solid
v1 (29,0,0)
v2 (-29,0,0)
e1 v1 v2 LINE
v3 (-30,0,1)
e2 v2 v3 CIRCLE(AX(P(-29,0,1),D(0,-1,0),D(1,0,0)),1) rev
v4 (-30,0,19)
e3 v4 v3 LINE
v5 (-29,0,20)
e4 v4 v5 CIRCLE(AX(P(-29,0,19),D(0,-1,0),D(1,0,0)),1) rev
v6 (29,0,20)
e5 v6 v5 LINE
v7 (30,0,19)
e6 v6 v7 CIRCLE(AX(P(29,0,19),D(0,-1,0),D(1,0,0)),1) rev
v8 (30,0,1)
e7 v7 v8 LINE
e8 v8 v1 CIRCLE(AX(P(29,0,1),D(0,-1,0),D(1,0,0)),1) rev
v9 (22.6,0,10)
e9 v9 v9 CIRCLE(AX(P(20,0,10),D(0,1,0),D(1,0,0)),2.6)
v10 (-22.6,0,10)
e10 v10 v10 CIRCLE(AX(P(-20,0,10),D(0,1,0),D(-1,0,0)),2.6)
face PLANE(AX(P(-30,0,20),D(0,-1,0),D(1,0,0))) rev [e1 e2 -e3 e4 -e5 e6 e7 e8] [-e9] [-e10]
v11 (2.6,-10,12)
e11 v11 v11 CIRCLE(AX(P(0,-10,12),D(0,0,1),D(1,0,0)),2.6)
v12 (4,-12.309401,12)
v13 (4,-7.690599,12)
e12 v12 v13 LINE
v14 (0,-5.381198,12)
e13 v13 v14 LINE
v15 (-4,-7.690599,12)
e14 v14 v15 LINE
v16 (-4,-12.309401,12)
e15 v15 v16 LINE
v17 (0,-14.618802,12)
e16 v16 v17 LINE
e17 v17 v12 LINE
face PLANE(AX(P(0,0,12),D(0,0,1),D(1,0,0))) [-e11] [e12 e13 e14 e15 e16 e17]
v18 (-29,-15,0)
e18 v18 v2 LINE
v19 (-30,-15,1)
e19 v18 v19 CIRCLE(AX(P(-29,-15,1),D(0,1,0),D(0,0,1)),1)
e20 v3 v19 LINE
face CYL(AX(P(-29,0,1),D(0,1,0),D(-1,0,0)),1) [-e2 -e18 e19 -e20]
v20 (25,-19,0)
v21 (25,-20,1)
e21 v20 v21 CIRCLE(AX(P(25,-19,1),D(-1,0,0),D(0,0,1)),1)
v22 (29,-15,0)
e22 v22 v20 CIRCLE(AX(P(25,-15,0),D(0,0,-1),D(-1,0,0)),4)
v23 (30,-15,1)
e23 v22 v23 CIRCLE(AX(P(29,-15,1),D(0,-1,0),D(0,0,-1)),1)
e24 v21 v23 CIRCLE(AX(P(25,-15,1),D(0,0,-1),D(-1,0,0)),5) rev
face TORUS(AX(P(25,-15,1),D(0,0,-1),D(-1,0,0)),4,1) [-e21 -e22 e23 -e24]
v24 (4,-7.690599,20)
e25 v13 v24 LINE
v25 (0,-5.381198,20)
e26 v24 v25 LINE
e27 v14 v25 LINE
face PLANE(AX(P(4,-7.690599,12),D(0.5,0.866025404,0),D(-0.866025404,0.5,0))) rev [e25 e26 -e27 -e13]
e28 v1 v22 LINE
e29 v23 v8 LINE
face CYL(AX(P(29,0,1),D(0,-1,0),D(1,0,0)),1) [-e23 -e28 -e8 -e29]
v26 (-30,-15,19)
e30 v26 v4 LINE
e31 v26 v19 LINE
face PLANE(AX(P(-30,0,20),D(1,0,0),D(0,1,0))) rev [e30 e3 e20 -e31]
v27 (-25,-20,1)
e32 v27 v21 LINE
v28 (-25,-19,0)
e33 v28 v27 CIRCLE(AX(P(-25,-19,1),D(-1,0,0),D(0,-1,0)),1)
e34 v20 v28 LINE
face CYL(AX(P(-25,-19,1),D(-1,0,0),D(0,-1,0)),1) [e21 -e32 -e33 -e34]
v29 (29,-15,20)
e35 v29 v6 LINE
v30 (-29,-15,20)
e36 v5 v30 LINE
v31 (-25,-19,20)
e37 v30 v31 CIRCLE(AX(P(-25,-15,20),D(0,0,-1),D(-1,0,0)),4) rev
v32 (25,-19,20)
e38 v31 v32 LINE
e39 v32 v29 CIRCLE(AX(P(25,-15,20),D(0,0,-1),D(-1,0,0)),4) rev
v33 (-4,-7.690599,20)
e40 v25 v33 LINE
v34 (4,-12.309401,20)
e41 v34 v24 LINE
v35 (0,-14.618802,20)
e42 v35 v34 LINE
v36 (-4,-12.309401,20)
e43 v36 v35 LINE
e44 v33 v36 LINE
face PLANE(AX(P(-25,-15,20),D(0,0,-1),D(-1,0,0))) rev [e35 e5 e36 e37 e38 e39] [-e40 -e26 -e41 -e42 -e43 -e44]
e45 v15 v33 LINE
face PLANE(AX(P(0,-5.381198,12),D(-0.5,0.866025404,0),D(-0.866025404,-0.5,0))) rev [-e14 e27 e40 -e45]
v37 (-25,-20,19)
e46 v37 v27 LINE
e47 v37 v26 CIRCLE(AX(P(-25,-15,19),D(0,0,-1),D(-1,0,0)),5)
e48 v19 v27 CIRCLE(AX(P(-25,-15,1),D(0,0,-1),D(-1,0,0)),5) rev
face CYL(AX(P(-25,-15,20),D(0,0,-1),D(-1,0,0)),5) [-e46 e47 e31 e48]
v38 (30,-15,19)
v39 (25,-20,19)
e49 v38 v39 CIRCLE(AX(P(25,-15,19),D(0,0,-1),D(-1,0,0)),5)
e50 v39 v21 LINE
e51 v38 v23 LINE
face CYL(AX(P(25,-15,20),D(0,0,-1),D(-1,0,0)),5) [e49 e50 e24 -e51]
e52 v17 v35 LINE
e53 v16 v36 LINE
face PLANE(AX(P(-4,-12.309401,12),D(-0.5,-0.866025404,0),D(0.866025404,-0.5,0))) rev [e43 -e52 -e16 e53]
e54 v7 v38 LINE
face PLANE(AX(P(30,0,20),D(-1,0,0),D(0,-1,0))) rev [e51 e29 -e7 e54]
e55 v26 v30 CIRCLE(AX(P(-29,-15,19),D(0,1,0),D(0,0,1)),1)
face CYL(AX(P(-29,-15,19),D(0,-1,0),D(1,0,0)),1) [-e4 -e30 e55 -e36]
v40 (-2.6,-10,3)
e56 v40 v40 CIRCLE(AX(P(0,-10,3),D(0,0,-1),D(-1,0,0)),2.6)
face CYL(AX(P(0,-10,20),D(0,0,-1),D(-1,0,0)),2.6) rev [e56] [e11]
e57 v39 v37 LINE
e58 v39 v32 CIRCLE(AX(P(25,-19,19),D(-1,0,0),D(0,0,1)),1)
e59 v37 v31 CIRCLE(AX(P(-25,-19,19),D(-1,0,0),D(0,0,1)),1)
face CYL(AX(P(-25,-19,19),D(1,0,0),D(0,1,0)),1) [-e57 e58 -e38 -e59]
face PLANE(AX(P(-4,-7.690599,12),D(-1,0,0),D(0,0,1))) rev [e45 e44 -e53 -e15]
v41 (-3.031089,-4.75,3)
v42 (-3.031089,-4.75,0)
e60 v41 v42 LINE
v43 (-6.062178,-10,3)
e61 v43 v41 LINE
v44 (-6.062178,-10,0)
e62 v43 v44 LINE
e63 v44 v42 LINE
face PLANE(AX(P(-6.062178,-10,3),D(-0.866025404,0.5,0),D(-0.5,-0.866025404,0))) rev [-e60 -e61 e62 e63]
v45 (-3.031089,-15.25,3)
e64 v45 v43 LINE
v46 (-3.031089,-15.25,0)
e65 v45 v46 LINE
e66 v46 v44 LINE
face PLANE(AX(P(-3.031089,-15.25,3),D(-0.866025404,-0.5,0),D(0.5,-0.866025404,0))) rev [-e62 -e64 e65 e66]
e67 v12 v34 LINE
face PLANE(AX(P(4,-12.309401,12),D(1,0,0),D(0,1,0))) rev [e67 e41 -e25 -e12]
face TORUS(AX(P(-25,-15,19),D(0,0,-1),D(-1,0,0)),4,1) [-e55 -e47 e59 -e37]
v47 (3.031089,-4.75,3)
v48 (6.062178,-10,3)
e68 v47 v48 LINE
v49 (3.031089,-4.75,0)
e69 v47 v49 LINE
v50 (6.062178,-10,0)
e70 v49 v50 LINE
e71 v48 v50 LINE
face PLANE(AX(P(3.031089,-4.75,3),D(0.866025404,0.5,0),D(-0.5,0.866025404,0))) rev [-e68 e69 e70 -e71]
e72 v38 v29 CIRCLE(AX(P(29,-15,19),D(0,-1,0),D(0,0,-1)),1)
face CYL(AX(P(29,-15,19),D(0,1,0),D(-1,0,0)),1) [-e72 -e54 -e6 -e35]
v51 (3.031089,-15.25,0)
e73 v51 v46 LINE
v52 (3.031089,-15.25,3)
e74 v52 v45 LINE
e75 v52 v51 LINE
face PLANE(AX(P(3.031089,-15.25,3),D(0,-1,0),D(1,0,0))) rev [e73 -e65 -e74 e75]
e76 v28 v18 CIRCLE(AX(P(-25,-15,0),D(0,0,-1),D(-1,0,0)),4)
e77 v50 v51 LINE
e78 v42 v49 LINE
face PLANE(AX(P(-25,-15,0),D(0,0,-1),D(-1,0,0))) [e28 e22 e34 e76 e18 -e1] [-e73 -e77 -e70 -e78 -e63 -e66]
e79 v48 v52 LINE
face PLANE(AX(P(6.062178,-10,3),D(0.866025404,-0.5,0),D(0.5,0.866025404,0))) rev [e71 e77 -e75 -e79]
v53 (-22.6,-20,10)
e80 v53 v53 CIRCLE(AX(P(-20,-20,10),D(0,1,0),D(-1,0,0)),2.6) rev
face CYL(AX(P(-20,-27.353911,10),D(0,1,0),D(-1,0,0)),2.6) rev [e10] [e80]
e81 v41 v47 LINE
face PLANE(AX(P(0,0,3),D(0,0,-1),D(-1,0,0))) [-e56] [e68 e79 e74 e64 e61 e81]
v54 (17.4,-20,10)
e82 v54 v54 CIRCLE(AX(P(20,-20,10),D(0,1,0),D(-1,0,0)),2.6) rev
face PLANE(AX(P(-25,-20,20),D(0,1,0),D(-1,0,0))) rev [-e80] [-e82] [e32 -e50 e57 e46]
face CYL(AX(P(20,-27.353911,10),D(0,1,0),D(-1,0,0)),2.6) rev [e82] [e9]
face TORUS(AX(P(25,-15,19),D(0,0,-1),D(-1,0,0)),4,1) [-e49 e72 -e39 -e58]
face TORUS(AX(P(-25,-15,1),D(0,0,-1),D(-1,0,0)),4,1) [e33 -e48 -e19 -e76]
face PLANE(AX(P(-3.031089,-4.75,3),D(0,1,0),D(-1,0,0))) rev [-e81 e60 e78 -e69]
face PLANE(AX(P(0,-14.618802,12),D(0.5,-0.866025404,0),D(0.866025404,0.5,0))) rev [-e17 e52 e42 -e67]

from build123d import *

# Parameters (mm, degrees)
SKETCH1_R           = 2.6
BOSS_EXTRUDE1_DEPTH = 20
SKETCH2_R           = 2.6
CUT_EXTRUDE1_DEPTH  = 20
CUT_EXTRUDE2_DEPTH  = 3
CUT_EXTRUDE3_DEPTH  = 8
FILLET1_R           = 1


with BuildPart() as part:
    # Sketch1 → Boss-Extrude1 (new body)
    with BuildSketch(Plane.XY):
        with BuildLine():
            Line((-30, 0), (30, 0))
            Line((30, 0), (30, -15))
            ThreePointArc((30, -15), (28.535533906, -18.535533906), (25, -20))
            Line((25, -20), (-25, -20))
            ThreePointArc((-25, -20), (-28.535533906, -18.535533906), (-30, -15))
            Line((-30, -15), (-30, 0))
        make_face()
        with Locations((0, -10)):
            Circle(SKETCH1_R, mode=Mode.SUBTRACT)
    extrude(amount=BOSS_EXTRUDE1_DEPTH)

    # Sketch2 → Cut-Extrude1 (cut)
    with BuildSketch(Plane(origin=(0, 0, 0), x_dir=(1, 0, 0), z_dir=(0, 1, 0))):
        with Locations(Location((-20, -10, 0), (0, 0, 180))):
            Circle(SKETCH2_R)
        with Locations(Location((20, -10, 0), (0, 0, 180))):
            Circle(SKETCH2_R)
    extrude(amount=-CUT_EXTRUDE1_DEPTH, mode=Mode.SUBTRACT)

    # Sketch3 → Cut-Extrude2 (cut)
    with BuildSketch(Plane(origin=(0, 0, 0), x_dir=(-1, 0, 0), z_dir=(0, 0, -1))):
        Polygon((6.062177826, -10), (3.031088913, -4.75), (-3.031088913, -4.75), (-6.062177826, -10), (-3.031088913, -15.25), (3.031088913, -15.25), align=None)
    extrude(amount=-CUT_EXTRUDE2_DEPTH, mode=Mode.SUBTRACT)

    # Sketch4 → Cut-Extrude3 (cut)
    with BuildSketch(Plane.XY.offset(20)):
        Polygon((-4, -7.690598923), (-4, -12.309401077), (0, -14.618802154), (4, -12.309401077), (4, -7.690598923), (0, -5.381197846), align=None)
    extrude(amount=-CUT_EXTRUDE3_DEPTH, mode=Mode.SUBTRACT)

    # Fillet1
    fillet1_edges = [part.edges().sort_by_distance(p)[0] for p in [
        (0, -20, 20),
        (28.535533906, -18.535533906, 20),
        (30, -7.5, 20),
        (-30, -7.5, 20),
        (30, -7.5, 0),
        (28.535533906, -18.535533906, 0),
        (-28.535533906, -18.535533906, 20),
        (0, -20, 0),
        (-28.535533906, -18.535533906, 0),
        (-30, -7.5, 0),
    ]]
    fillet(fillet1_edges, radius=FILLET1_R)


solid = part.part
